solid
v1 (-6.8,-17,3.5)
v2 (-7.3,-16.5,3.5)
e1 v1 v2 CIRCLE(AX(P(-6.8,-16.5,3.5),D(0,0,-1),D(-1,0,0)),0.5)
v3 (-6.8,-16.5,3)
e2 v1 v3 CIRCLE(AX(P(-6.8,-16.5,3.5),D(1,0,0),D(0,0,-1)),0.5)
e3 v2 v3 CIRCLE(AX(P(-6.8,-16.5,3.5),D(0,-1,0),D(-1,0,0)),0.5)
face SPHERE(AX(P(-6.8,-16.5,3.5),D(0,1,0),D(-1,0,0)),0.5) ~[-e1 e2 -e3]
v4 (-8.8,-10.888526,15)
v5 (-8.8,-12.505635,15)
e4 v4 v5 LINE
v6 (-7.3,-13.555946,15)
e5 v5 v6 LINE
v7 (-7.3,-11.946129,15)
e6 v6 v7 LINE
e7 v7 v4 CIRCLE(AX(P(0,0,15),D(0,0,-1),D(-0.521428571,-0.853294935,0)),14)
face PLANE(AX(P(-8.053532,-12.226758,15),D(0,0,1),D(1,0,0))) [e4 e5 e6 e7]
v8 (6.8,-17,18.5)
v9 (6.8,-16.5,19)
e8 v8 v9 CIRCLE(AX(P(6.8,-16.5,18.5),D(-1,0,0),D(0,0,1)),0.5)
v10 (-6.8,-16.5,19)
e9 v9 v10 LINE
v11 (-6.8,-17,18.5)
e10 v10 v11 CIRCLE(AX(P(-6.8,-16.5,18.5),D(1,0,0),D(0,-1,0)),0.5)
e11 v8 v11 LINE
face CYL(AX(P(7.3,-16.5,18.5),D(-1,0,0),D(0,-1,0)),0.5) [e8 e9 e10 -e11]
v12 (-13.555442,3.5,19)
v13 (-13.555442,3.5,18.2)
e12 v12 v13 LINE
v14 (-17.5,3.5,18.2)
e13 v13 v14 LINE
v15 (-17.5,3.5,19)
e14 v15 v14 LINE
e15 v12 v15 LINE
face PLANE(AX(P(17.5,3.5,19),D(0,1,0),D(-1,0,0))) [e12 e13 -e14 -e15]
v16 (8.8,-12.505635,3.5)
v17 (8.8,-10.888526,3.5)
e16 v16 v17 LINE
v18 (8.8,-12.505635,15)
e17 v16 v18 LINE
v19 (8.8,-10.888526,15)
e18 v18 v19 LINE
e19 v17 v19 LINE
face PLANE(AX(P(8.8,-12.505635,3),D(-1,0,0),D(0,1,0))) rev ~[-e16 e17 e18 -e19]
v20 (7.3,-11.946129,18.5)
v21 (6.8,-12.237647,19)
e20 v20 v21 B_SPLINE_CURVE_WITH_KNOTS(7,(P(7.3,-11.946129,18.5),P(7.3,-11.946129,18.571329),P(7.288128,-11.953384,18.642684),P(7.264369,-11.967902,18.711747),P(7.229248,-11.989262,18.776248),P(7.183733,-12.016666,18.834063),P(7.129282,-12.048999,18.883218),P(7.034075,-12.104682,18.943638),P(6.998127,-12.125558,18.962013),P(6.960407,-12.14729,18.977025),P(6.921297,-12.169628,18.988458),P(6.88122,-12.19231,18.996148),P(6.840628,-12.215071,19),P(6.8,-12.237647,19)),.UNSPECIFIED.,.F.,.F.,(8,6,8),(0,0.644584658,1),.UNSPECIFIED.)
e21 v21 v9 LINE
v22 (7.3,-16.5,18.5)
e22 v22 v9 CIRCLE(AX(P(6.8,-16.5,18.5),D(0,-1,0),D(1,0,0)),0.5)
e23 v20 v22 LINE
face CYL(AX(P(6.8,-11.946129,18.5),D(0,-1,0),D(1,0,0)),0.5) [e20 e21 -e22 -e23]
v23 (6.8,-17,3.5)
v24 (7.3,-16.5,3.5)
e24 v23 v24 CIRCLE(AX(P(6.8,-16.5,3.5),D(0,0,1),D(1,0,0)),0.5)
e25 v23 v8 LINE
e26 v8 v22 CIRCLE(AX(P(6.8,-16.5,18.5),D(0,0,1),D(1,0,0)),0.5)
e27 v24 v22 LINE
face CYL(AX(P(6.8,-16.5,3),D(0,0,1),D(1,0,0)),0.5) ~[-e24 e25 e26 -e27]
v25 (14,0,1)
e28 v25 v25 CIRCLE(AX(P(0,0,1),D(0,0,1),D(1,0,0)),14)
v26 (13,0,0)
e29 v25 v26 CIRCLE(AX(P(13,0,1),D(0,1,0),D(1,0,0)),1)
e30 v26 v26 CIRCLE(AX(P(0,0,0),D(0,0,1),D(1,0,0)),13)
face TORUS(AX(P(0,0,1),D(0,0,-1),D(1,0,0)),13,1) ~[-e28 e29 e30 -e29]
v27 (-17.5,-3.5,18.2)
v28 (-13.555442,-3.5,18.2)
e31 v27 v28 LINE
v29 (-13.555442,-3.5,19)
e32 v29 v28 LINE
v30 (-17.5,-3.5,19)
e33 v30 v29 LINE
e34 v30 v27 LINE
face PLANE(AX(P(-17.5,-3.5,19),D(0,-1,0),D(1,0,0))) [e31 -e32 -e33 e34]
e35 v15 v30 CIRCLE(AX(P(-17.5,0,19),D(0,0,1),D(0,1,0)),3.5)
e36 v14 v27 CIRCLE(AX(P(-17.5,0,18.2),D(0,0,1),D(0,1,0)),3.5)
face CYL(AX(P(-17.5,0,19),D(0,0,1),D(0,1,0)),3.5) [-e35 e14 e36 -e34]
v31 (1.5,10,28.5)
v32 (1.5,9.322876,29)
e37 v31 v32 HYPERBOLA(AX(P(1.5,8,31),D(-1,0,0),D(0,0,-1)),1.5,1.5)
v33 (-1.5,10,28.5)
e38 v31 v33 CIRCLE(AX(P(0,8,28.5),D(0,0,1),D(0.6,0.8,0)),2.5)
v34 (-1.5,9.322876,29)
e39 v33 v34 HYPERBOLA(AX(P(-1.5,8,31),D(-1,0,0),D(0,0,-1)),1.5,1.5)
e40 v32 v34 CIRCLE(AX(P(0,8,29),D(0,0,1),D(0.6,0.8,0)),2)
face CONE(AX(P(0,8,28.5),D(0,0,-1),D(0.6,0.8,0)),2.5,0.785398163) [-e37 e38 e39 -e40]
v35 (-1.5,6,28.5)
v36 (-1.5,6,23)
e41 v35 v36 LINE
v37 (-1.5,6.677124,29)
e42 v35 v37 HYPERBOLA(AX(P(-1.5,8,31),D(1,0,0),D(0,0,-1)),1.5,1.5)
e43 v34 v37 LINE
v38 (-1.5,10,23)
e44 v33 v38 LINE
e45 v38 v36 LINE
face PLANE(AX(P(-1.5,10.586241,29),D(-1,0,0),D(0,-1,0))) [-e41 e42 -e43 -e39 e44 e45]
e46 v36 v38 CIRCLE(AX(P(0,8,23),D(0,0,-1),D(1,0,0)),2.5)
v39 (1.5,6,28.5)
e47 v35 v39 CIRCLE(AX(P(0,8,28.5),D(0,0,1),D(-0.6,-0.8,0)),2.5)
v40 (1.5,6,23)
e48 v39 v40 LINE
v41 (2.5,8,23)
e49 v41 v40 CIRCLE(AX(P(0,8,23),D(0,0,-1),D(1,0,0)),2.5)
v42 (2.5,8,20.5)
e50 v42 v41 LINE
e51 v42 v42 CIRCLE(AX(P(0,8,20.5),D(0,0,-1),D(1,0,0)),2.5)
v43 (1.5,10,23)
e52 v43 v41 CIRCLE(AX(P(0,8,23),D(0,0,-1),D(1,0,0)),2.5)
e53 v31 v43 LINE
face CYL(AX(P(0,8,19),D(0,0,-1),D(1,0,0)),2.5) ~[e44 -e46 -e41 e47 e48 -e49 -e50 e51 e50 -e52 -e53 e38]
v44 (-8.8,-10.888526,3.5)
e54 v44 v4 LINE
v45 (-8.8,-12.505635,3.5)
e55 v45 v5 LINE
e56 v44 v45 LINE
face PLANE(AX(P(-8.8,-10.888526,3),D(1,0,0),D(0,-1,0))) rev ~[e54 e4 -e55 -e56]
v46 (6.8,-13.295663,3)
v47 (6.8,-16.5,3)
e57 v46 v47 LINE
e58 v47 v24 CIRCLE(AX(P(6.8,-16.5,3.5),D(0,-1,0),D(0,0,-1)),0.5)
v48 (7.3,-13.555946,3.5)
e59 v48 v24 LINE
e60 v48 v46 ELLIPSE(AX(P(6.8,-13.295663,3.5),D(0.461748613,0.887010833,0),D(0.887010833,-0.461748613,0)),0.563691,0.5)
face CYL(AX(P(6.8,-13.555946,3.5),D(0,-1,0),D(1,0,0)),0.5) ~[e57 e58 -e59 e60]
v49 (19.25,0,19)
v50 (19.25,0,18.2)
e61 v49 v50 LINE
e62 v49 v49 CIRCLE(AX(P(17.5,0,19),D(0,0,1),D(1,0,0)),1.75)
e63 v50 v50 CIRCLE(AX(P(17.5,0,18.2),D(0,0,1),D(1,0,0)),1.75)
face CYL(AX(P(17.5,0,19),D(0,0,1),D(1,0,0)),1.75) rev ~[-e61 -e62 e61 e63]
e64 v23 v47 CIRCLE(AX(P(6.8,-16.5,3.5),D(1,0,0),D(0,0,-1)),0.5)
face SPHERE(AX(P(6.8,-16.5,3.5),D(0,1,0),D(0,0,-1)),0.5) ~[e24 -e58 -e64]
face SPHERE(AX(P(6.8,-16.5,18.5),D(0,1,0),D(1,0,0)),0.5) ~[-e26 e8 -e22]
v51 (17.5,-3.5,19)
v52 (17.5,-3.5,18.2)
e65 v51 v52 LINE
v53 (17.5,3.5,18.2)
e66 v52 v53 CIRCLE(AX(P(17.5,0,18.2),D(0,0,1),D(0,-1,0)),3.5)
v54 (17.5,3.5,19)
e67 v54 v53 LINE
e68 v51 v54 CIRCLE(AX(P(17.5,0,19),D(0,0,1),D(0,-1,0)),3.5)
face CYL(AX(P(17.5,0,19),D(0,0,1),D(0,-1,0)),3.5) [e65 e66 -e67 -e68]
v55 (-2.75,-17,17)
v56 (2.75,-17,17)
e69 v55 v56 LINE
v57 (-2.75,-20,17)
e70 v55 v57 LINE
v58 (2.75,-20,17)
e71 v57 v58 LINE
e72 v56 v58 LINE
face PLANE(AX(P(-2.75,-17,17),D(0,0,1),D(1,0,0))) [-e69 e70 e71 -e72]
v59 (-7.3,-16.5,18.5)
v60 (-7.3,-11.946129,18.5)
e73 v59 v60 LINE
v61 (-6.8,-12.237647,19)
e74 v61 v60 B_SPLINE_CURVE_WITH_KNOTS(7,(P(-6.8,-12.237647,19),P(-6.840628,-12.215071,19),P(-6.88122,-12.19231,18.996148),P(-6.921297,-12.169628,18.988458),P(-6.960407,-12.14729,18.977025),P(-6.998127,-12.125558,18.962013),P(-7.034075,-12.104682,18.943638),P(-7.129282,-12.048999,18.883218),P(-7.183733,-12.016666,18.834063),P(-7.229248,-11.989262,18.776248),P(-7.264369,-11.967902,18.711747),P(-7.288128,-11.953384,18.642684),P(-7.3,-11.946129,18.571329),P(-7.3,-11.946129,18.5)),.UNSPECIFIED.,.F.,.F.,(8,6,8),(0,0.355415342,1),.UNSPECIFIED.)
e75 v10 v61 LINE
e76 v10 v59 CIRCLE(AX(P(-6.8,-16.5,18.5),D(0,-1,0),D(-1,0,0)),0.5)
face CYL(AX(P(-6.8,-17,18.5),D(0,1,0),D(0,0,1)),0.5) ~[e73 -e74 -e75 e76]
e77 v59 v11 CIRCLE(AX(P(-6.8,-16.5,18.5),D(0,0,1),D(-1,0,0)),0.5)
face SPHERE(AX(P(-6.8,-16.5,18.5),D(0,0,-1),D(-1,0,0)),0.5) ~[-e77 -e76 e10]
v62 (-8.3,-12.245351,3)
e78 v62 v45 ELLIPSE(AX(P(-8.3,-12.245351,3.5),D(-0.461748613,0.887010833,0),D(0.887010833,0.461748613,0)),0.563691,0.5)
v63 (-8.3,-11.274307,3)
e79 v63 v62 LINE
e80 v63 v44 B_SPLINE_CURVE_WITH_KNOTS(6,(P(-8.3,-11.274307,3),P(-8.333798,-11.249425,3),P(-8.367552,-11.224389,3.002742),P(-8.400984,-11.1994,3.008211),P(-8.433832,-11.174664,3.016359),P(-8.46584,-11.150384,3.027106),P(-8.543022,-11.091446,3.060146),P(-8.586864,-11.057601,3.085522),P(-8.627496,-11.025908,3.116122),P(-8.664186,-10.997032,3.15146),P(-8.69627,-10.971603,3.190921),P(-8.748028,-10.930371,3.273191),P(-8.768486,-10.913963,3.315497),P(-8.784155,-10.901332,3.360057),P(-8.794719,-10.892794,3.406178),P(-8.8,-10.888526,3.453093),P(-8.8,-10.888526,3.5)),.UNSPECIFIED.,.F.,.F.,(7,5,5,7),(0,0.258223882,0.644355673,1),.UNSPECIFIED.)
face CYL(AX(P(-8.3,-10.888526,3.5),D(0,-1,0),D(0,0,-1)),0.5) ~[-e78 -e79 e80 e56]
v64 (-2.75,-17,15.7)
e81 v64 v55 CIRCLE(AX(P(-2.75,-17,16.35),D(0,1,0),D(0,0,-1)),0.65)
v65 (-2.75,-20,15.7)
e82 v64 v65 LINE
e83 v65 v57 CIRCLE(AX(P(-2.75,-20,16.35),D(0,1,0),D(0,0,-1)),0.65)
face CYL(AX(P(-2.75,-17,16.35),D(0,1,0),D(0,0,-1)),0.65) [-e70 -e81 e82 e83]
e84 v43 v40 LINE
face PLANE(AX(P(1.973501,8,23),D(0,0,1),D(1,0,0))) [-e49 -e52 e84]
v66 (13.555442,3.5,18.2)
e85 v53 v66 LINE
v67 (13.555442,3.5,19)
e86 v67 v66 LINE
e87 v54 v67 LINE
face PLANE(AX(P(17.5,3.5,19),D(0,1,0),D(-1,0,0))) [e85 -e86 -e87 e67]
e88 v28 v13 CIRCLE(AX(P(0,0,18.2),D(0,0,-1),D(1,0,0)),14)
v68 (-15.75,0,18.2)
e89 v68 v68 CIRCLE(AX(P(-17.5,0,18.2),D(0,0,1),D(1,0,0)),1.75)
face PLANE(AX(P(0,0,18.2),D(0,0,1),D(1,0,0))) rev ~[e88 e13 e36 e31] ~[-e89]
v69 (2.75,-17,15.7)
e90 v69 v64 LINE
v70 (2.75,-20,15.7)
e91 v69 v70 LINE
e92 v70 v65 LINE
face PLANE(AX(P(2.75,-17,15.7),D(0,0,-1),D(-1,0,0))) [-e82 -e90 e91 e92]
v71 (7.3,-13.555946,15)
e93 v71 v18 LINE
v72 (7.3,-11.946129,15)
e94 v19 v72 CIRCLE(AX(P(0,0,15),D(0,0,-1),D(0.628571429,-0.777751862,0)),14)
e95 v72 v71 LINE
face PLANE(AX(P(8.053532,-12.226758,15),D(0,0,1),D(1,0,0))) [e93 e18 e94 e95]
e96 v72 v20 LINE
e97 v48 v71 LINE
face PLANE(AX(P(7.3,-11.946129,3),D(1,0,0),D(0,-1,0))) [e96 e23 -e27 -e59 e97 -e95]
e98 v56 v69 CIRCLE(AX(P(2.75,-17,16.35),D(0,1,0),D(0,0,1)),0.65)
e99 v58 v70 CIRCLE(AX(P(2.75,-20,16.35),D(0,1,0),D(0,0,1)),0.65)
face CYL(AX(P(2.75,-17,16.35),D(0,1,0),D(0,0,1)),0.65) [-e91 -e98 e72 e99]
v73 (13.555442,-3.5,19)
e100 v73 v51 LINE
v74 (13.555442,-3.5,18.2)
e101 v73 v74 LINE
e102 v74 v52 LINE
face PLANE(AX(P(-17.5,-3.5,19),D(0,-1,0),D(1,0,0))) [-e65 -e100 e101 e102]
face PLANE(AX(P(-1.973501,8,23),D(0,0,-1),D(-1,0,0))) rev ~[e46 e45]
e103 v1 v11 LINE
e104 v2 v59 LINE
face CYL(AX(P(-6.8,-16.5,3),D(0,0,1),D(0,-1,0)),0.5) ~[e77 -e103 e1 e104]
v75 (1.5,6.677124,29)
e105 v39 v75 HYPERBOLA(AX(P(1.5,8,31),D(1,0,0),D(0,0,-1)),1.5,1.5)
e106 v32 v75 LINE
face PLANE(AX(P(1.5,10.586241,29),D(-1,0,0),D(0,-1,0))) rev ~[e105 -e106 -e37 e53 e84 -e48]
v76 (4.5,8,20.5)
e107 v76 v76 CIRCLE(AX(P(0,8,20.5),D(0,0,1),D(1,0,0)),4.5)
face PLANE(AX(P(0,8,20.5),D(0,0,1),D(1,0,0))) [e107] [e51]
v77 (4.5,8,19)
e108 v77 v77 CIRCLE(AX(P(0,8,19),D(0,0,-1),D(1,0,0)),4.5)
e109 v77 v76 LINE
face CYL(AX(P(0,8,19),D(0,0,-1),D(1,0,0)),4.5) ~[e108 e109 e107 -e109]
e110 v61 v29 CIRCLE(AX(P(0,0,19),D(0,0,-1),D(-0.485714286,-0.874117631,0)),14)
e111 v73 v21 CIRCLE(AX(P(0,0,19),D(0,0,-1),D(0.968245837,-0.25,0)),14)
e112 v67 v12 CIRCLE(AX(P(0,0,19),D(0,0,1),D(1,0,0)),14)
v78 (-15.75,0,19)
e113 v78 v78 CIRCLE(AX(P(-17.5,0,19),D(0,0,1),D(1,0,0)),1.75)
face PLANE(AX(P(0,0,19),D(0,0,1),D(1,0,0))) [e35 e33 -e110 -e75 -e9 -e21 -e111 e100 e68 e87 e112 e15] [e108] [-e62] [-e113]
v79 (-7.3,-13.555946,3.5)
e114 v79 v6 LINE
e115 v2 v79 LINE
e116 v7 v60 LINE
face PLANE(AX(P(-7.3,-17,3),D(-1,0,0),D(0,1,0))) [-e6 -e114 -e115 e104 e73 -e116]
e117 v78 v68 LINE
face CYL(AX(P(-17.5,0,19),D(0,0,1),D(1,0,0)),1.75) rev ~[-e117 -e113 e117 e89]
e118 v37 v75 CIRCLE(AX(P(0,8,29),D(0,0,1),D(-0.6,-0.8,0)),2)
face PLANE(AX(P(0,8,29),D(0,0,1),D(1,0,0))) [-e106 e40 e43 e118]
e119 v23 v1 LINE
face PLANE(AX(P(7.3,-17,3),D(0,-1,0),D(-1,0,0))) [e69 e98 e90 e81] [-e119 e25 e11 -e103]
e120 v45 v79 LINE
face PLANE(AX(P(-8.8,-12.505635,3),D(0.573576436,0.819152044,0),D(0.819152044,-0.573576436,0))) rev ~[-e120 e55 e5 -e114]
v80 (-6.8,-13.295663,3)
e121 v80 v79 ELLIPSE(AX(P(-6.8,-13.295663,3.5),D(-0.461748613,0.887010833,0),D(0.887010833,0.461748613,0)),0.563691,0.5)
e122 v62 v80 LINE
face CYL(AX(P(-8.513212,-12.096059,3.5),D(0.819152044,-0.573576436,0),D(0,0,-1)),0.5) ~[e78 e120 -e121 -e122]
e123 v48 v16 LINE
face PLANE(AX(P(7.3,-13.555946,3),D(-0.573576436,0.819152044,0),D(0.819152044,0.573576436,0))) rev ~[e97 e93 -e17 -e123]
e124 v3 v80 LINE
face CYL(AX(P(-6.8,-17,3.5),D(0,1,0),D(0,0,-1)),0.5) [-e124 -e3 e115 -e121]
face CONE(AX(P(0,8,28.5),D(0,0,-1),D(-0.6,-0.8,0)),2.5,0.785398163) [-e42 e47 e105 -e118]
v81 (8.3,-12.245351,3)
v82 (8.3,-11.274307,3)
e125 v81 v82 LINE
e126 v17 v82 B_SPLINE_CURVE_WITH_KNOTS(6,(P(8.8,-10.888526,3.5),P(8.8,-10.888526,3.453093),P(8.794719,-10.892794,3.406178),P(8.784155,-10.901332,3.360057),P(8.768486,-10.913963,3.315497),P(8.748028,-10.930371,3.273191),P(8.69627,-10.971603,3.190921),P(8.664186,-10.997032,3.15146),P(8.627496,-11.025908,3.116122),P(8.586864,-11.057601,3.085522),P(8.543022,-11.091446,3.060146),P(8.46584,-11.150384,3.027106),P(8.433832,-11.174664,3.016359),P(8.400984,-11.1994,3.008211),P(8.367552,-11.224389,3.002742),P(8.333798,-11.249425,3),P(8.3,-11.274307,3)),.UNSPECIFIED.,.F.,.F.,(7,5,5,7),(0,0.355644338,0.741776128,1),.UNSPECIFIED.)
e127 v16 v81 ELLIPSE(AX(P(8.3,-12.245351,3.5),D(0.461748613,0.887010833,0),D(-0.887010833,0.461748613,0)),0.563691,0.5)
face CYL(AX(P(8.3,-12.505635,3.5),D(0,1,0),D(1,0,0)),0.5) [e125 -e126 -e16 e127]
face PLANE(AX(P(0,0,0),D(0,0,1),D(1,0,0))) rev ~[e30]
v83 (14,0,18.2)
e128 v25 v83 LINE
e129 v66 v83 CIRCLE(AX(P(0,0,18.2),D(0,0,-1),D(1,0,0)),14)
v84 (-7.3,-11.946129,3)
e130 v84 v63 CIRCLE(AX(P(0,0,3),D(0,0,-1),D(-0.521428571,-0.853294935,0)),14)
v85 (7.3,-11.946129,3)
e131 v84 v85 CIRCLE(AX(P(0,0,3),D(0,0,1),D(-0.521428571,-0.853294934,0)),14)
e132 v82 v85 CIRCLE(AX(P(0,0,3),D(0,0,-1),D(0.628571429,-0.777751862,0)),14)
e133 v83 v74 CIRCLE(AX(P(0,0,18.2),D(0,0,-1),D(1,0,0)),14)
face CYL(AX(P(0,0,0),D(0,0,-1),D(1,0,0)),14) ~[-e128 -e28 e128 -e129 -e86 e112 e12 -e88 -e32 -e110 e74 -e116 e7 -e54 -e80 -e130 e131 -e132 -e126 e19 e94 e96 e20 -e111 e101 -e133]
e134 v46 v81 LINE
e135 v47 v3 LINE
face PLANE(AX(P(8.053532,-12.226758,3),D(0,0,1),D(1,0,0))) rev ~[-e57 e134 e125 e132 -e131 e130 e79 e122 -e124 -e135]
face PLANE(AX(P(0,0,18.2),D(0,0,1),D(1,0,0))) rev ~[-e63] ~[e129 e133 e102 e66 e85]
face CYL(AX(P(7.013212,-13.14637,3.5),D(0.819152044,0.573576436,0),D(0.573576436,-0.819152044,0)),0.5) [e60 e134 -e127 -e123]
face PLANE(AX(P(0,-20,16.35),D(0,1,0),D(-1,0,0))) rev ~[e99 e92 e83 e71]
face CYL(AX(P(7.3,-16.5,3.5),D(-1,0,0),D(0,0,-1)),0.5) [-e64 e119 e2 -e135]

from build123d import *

# Parameters (mm, degrees)
ESBO_O1_R                = 14
RESSALTO_EXTRUS_O1_DEPTH = 19
ESBO_O2_R                = 4.5
RESSALTO_EXTRUS_O2_DEPTH = 1.5
ESBO_O3_R                = 2.5
RESSALTO_EXTRUS_O3_DEPTH = 10
CORTE_EXTRUS_O1_DEPTH    = 6
CHANFRO2_SIZE            = 0.5
ESBO_O6_R                = 1.75
RESSALTO_EXTRUS_O5_DEPTH = 0.8
FILETE1_R                = 1
RESSALTO_EXTRUS_O6_START = -16
RESSALTO_EXTRUS_O6_DEPTH = 16
RESSALTO_EXTRUS_O7_DEPTH = 12
FILETE2_R                = 0.5
RESSALTO_EXTRUS_O8_DEPTH = 3


with BuildPart() as part:
    # Esboço1 → Ressalto-extrusão1 (new body)
    with BuildSketch(Plane.XY):
        Circle(ESBO_O1_R)
    extrude(amount=RESSALTO_EXTRUS_O1_DEPTH)

    # Esboço2 → Ressalto-extrusão2 (add)
    with BuildSketch(Plane.XY.offset(19)):
        with Locations((0, 8)):
            Circle(ESBO_O2_R)
    extrude(amount=RESSALTO_EXTRUS_O2_DEPTH)

    # Esboço3 → Ressalto-extrusão3 (add)
    with BuildSketch(Plane.XY.offset(19)):
        with Locations((0, 8)):
            Circle(ESBO_O3_R)
    extrude(amount=RESSALTO_EXTRUS_O3_DEPTH)

    # Esboço5 → Corte-extrusão1 (cut)
    with BuildSketch(Plane.XY.offset(29)):
        with BuildLine():
            Line((-1.5, 10.58624067), (-1.5, 5.41375933))
            ThreePointArc((-1.5, 5.41375933), (-2.989755977, 8), (-1.5, 10.58624067))
        make_face()
        with BuildLine():
            Line((1.5, 10.58624067), (1.5, 5.41375933))
            ThreePointArc((1.5, 5.41375933), (2.989755977, 8), (1.5, 10.58624067))
        make_face()
    extrude(amount=-CORTE_EXTRUS_O1_DEPTH, mode=Mode.SUBTRACT)

    # Chanfro2
    chanfro2_edges = [part.edges().sort_by_distance(p)[0] for p in [
        (0, 10.5, 29),
        (0, 5.5, 29),
    ]]
    chamfer(chanfro2_edges, length=CHANFRO2_SIZE)

    # Esboço6 → Ressalto-extrusão5 (add)
    with BuildSketch(Plane.XY.offset(19)):
        with BuildLine():
            Line((17.5, 3.5), (-17.5, 3.5))
            ThreePointArc((-17.5, 3.5), (-21, 0), (-17.5, -3.5))
            Line((-17.5, -3.5), (17.5, -3.5))
            ThreePointArc((17.5, -3.5), (21, 0), (17.5, 3.5))
        make_face()
        with Locations((-17.5, 0)):
            Circle(ESBO_O6_R, mode=Mode.SUBTRACT)
        with Locations((17.5, 0)):
            Circle(ESBO_O6_R, mode=Mode.SUBTRACT)
    extrude(amount=-RESSALTO_EXTRUS_O5_DEPTH)

    # Filete1
    filete1_edges = [part.edges().sort_by_distance(p)[0] for p in [
        (-14, 0, 0),
    ]]
    fillet(filete1_edges, radius=FILETE1_R)

    # Esboço7 → Ressalto-extrusão6 (add)
    with BuildSketch(Plane.XY.offset(19).offset(RESSALTO_EXTRUS_O6_START)):
        with BuildLine():
            Line((7.3, -17), (-7.3, -17))
            Line((-7.3, -17), (-7.3, -11.94612908))
            ThreePointArc((-7.3, -11.94612908), (0, -14), (7.3, -11.94612908))
            Line((7.3, -11.94612908), (7.3, -17))
        make_face()
    extrude(amount=RESSALTO_EXTRUS_O6_DEPTH)

    # Esboço8 → Ressalto-extrusão7 (add)
    with BuildSketch(Plane(origin=(0, 0, 3), x_dir=(-1, 0, 0), z_dir=(0, 0, -1))):
        with BuildLine():
            Line((-7.3, -13.555946275), (-8.8, -12.505634968))
            Line((-8.8, -12.505634968), (-8.8, -10.888526071))
            ThreePointArc((-8.8, -10.888526071), (-8.067349691, -11.441934669), (-7.3, -11.94612908))
            Line((-7.3, -11.94612908), (-7.3, -13.555946275))
        make_face()
        with BuildLine():
            Line((7.3, -13.555946275), (7.3, -11.94612908))
            ThreePointArc((7.3, -11.94612908), (8.067349691, -11.441934669), (8.8, -10.888526071))
            Line((8.8, -10.888526071), (8.8, -12.505634968))
            Line((8.8, -12.505634968), (7.3, -13.555946275))
        make_face()
    extrude(amount=-RESSALTO_EXTRUS_O7_DEPTH)

    # Filete2
    filete2_edges = [part.edges().sort_by_distance(p)[0] for p in [
        (7.3, -14.47306454, 19),
        (-7.3, -15.277973138, 3),
        (8.8, -11.69708052, 3),
        (8.05, -13.030790622, 3),
        (-8.05, -13.030790622, 3),
        (-8.8, -11.69708052, 3),
        (-7.3, -17, 11),
        (7.3, -15.277973138, 3),
        (0, -17, 3),
        (7.3, -17, 11),
        (-7.3, -14.47306454, 19),
        (0, -17, 19),
    ]]
    fillet(filete2_edges, radius=FILETE2_R)

    # Esboço9 → Ressalto-extrusão8 (add)
    with BuildSketch(Plane.XZ.offset(17)):
        with BuildLine():
            Line((-2.75, 17), (2.75, 17))
            ThreePointArc((2.75, 17), (3.4, 16.35), (2.75, 15.7))
            Line((2.75, 15.7), (-2.75, 15.7))
            ThreePointArc((-2.75, 15.7), (-3.4, 16.35), (-2.75, 17))
        make_face()
    extrude(amount=RESSALTO_EXTRUS_O8_DEPTH)


solid = part.part
